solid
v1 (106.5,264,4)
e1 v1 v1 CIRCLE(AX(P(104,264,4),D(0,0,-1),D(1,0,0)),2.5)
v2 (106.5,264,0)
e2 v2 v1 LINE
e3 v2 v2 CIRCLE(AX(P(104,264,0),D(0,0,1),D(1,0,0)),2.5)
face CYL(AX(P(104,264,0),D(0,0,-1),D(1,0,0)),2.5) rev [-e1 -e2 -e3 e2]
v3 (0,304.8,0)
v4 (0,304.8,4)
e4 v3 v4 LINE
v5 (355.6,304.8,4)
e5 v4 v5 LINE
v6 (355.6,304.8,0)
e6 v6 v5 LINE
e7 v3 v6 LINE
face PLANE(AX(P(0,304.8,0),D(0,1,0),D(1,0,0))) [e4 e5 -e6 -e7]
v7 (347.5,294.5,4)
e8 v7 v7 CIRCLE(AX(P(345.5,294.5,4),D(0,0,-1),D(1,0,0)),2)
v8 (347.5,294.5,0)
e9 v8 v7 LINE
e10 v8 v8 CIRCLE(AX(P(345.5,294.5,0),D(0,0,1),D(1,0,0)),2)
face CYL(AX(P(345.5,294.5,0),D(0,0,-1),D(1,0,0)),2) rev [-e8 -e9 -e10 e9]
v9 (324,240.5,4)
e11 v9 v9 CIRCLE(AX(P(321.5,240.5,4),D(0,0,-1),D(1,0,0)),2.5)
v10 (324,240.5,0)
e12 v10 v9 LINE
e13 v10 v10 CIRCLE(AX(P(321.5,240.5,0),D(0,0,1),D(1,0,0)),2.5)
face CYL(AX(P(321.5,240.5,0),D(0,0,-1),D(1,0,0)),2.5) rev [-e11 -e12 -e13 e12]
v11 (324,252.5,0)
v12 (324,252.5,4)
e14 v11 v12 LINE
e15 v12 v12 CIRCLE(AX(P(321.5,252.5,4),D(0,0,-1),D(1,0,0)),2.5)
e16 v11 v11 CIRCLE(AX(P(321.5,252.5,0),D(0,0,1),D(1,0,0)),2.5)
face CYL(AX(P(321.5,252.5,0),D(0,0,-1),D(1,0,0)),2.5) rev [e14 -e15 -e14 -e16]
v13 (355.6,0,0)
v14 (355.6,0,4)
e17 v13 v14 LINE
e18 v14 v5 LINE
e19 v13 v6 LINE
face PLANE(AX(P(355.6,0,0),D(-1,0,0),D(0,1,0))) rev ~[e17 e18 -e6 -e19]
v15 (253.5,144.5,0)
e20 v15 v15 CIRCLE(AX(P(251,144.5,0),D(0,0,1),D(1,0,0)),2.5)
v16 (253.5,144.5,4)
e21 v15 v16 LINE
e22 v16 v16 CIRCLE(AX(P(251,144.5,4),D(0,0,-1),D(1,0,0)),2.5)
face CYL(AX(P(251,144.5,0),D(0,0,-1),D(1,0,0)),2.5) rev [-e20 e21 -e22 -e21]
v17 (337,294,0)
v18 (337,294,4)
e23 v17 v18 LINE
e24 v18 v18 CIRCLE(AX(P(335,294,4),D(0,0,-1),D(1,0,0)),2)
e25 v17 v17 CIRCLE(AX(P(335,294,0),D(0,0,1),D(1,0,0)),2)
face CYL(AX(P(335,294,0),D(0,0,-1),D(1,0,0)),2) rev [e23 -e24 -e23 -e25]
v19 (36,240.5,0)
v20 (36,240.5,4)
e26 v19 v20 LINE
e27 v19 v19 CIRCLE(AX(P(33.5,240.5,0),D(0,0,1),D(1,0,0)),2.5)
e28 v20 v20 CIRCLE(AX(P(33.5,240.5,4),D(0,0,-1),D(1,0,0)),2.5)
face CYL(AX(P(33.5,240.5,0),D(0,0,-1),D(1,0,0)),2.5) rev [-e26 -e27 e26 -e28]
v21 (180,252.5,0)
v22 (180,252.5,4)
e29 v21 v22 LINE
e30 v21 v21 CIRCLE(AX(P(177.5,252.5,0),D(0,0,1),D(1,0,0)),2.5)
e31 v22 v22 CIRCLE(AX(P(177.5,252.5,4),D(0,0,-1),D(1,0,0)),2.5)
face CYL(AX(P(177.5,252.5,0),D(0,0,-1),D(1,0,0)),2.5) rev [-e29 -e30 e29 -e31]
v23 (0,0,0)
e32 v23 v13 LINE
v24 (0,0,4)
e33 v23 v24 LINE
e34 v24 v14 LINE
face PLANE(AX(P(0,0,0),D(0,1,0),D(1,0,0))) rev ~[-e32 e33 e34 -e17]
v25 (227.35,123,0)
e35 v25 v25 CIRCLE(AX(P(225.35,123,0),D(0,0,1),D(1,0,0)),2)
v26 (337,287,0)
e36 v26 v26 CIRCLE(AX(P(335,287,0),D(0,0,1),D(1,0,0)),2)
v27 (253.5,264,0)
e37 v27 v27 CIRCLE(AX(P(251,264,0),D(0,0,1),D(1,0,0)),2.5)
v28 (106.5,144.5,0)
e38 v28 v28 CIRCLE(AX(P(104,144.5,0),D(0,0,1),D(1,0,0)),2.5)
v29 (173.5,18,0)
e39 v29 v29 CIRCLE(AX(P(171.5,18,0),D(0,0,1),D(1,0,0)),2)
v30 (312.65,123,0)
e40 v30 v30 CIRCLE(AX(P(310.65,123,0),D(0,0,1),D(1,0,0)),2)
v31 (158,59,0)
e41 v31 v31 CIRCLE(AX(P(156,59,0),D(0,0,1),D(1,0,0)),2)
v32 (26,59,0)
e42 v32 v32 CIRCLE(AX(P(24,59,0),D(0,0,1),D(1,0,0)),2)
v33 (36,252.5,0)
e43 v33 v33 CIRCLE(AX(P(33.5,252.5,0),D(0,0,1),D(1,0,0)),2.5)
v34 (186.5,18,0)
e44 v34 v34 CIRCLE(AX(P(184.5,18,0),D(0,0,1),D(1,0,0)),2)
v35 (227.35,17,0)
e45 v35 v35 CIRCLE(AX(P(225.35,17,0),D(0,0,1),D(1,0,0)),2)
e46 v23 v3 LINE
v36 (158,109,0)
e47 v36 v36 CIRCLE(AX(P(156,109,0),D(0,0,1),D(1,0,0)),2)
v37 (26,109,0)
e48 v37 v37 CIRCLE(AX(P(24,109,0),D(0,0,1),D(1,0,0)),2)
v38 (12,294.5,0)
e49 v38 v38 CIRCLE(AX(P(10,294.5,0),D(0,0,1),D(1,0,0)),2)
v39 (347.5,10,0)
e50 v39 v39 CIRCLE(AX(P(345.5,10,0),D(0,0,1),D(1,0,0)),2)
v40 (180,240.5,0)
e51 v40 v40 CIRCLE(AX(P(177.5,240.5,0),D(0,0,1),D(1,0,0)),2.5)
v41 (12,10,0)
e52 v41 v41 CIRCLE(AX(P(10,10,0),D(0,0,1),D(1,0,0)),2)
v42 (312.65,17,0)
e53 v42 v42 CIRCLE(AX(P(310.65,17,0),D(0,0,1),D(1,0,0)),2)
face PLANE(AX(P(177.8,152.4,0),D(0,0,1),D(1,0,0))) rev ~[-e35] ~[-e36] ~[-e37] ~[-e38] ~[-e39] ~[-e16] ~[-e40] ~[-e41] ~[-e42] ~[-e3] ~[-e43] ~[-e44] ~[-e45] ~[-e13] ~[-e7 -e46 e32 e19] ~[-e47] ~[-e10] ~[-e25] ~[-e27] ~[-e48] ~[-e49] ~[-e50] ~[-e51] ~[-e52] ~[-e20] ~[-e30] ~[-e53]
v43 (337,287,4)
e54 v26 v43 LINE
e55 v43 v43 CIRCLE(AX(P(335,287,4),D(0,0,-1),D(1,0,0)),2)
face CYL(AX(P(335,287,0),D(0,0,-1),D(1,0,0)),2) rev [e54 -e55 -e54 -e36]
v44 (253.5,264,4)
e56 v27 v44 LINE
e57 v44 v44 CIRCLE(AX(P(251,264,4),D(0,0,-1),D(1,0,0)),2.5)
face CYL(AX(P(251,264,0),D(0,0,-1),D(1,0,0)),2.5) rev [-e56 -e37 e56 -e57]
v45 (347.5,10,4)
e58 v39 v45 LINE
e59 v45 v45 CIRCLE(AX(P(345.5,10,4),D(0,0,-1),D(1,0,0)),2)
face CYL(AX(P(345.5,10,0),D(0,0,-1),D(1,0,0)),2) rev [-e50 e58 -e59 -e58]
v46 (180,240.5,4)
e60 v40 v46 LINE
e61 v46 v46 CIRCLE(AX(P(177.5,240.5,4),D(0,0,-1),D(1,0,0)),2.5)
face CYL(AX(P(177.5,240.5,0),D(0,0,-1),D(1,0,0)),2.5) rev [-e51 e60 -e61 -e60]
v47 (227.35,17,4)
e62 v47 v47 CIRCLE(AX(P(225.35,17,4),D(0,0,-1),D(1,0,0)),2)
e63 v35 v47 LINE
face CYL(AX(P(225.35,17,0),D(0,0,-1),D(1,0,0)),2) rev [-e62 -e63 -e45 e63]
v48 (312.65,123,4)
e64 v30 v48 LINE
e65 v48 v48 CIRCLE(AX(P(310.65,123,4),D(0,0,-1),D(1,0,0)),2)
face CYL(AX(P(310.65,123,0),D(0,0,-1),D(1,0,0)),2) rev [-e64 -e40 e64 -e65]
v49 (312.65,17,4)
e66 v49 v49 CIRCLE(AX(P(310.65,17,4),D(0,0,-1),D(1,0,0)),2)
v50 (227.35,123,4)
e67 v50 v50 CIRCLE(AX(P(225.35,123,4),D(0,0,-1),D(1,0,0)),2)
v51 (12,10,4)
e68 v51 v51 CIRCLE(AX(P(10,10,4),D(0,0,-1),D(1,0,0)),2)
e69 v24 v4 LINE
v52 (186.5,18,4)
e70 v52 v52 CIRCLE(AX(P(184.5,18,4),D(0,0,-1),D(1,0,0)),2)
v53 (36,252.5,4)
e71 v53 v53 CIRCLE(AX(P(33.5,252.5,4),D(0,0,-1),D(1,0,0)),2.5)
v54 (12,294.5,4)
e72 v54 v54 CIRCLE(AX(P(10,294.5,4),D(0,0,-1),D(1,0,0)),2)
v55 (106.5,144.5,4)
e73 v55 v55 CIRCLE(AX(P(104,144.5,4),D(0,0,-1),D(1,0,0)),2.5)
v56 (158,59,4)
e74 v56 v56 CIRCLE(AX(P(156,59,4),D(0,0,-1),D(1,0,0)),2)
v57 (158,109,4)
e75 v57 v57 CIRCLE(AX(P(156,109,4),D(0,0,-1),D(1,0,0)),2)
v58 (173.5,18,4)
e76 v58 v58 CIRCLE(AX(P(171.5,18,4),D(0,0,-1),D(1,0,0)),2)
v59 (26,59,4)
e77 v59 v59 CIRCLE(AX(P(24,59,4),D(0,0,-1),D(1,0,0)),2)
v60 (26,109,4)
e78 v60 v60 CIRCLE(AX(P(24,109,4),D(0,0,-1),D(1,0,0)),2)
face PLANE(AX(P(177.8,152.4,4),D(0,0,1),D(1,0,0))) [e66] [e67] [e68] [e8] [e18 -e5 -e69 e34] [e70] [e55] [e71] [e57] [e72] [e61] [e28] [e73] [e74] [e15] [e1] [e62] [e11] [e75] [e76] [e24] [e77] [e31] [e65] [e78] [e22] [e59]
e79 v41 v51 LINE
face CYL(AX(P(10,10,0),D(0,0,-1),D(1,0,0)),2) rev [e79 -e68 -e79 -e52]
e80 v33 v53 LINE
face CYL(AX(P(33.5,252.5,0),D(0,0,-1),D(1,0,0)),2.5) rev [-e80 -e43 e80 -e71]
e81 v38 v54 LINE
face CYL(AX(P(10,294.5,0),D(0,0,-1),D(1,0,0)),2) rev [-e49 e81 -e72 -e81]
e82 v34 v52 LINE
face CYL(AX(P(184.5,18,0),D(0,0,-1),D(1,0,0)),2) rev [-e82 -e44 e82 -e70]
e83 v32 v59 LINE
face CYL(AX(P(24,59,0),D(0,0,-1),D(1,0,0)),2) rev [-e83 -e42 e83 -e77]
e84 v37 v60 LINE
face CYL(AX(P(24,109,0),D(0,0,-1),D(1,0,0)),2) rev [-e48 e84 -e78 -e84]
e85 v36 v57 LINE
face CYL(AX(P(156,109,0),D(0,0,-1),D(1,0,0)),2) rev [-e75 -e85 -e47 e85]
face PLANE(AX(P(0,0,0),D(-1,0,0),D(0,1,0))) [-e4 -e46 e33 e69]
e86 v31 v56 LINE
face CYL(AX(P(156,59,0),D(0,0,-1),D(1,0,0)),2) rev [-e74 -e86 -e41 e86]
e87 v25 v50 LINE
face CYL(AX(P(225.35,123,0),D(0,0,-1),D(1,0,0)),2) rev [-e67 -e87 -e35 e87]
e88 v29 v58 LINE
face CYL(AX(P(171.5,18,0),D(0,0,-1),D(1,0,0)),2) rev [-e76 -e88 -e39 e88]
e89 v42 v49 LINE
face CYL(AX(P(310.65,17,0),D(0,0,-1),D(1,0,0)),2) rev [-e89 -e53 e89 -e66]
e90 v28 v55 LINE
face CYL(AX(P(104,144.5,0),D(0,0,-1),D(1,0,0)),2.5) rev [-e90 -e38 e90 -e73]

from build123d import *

# Parameters (mm, degrees)
CYLINDER086_R     = 2
CYLINDER086_DEPTH = 10
CYLINDER085_R     = 2
CYLINDER085_DEPTH = 10
CYLINDER075_R     = 2
CYLINDER075_DEPTH = 10
CYLINDER076_R     = 2
CYLINDER076_DEPTH = 10
CYLINDER074_R     = 2
CYLINDER074_DEPTH = 10
CYLINDER073_R     = 2
CYLINDER073_DEPTH = 10
CYLINDER072_R     = 2
CYLINDER072_DEPTH = 10
CYLINDER065_R     = 2
CYLINDER065_DEPTH = 10
CYLINDER070_R     = 2
CYLINDER070_DEPTH = 10
CYLINDER064_R     = 2
CYLINDER064_DEPTH = 10
CYLINDER066_R     = 2
CYLINDER066_DEPTH = 10
CYLINDER067_R     = 2
CYLINDER067_DEPTH = 10
CYLINDER069_R     = 2
CYLINDER069_DEPTH = 10
CYLINDER068_R     = 2
CYLINDER068_DEPTH = 10
CYLINDER071_R     = 2
CYLINDER071_DEPTH = 10
CYLINDER063_R     = 2
CYLINDER063_DEPTH = 10
CYLINDER045_R     = 2.5
CYLINDER045_DEPTH = 14
CYLINDER046_R     = 2.5
CYLINDER046_DEPTH = 14
CYLINDER044_R     = 2.5
CYLINDER044_DEPTH = 14
CYLINDER043_R     = 2.5
CYLINDER043_DEPTH = 14
CYLINDER041_R     = 2.5
CYLINDER041_DEPTH = 10
CYLINDER042_R     = 2.5
CYLINDER042_DEPTH = 10
CYLINDER039_R     = 2.5
CYLINDER039_DEPTH = 10
CYLINDER040_R     = 2.5
CYLINDER040_DEPTH = 10
CYLINDER023_R     = 2.5
CYLINDER023_DEPTH = 10
CYLINDER020_R     = 2.5
CYLINDER020_DEPTH = 10
BOX_W             = 355.6
BOX_H             = 304.8
BOX_DEPTH         = 4


with BuildPart() as cylinder086:
    # Cylinder086 → Cylinder086 (new body)
    with BuildSketch(Plane(origin=(335, 287, 0), x_dir=(1, 0, 0), z_dir=(0, 0, 1))):
        Circle(CYLINDER086_R)
    extrude(amount=CYLINDER086_DEPTH)


with BuildPart() as fusion050:
    # Cylinder085 → Cylinder085 (new body)
    with BuildSketch(Plane(origin=(335, 294, 0), x_dir=(1, 0, 0), z_dir=(0, 0, 1))):
        Circle(CYLINDER085_R)
    extrude(amount=CYLINDER085_DEPTH)

    # Fusion050: union Cylinder086
    add(cylinder086.part)


with BuildPart() as hold002:
    # Cylinder075 → Cylinder075 (new body)
    with BuildSketch(Plane(origin=(10, 294.5, 0), x_dir=(1, 0, 0), z_dir=(0, 0, 1))):
        Circle(CYLINDER075_R)
    extrude(amount=CYLINDER075_DEPTH)


with BuildPart() as hold003:
    # Cylinder076 → Cylinder076 (new body)
    with BuildSketch(Plane(origin=(345.5, 294.5, 0), x_dir=(1, 0, 0), z_dir=(0, 0, 1))):
        Circle(CYLINDER076_R)
    extrude(amount=CYLINDER076_DEPTH)


with BuildPart() as hold001:
    # Cylinder074 → Cylinder074 (new body)
    with BuildSketch(Plane(origin=(345.5, 10, 0), x_dir=(1, 0, 0), z_dir=(0, 0, 1))):
        Circle(CYLINDER074_R)
    extrude(amount=CYLINDER074_DEPTH)


with BuildPart() as fusion041:
    # Cylinder073 → Cylinder073 (new body)
    with BuildSketch(Plane(origin=(10, 10, 0), x_dir=(1, 0, 0), z_dir=(0, 0, 1))):
        Circle(CYLINDER073_R)
    extrude(amount=CYLINDER073_DEPTH)

    # Fusion041: union hold002, hold003, hold001
    add(hold002.part)
    add(hold003.part)
    add(hold001.part)


with BuildPart() as cylinder072:
    # Cylinder072 → Cylinder072 (new body)
    with BuildSketch(Plane(origin=(184.5, 18, 0), x_dir=(1, 0, 0), z_dir=(0, 0, 1))):
        Circle(CYLINDER072_R)
    extrude(amount=CYLINDER072_DEPTH)


with BuildPart() as cylinder065:
    # Cylinder065 → Cylinder065 (new body)
    with BuildSketch(Plane(origin=(156, 59, 0), x_dir=(1, 0, 0), z_dir=(0, 0, 1))):
        Circle(CYLINDER065_R)
    extrude(amount=CYLINDER065_DEPTH)


with BuildPart() as cylinder070:
    # Cylinder070 → Cylinder070 (new body)
    with BuildSketch(Plane(origin=(225.35, 17, 0), x_dir=(1, 0, 0), z_dir=(0, 0, 1))):
        Circle(CYLINDER070_R)
    extrude(amount=CYLINDER070_DEPTH)


with BuildPart() as cylinder064:
    # Cylinder064 → Cylinder064 (new body)
    with BuildSketch(Plane(origin=(24, 109, 0), x_dir=(1, 0, 0), z_dir=(0, 0, 1))):
        Circle(CYLINDER064_R)
    extrude(amount=CYLINDER064_DEPTH)


with BuildPart() as cylinder066:
    # Cylinder066 → Cylinder066 (new body)
    with BuildSketch(Plane(origin=(156, 109, 0), x_dir=(1, 0, 0), z_dir=(0, 0, 1))):
        Circle(CYLINDER066_R)
    extrude(amount=CYLINDER066_DEPTH)


with BuildPart() as cylinder067:
    # Cylinder067 → Cylinder067 (new body)
    with BuildSketch(Plane(origin=(225.35, 123, 0), x_dir=(1, 0, 0), z_dir=(0, 0, 1))):
        Circle(CYLINDER067_R)
    extrude(amount=CYLINDER067_DEPTH)


with BuildPart() as cylinder069:
    # Cylinder069 → Cylinder069 (new body)
    with BuildSketch(Plane(origin=(310.65, 17, 0), x_dir=(1, 0, 0), z_dir=(0, 0, 1))):
        Circle(CYLINDER069_R)
    extrude(amount=CYLINDER069_DEPTH)


with BuildPart() as cylinder068:
    # Cylinder068 → Cylinder068 (new body)
    with BuildSketch(Plane(origin=(310.65, 123, 0), x_dir=(1, 0, 0), z_dir=(0, 0, 1))):
        Circle(CYLINDER068_R)
    extrude(amount=CYLINDER068_DEPTH)


with BuildPart() as cylinder071:
    # Cylinder071 → Cylinder071 (new body)
    with BuildSketch(Plane(origin=(171.5, 18, 0), x_dir=(1, 0, 0), z_dir=(0, 0, 1))):
        Circle(CYLINDER071_R)
    extrude(amount=CYLINDER071_DEPTH)


with BuildPart() as holecuts:
    # Cylinder063 → Cylinder063 (new body)
    with BuildSketch(Plane(origin=(24, 59, 0), x_dir=(1, 0, 0), z_dir=(0, 0, 1))):
        Circle(CYLINDER063_R)
    extrude(amount=CYLINDER063_DEPTH)

    # Fusion040: union Cylinder072, Cylinder065, Cylinder070, Cylinder064, Cylinder066, Cylinder067, Cylinder069, Cylinder068, Cylinder071
    add(cylinder072.part)
    add(cylinder065.part)
    add(cylinder070.part)
    add(cylinder064.part)
    add(cylinder066.part)
    add(cylinder067.part)
    add(cylinder069.part)
    add(cylinder068.part)
    add(cylinder071.part)


with BuildPart() as m4s017:
    # Cylinder045 → Cylinder045 (new body)
    with BuildSketch(Plane(origin=(105, 264, 0), x_dir=(1, 0, 0), z_dir=(0, 0, 1))):
        Circle(CYLINDER045_R)
    extrude(amount=CYLINDER045_DEPTH)


with BuildPart() as fusion023:
    # Cylinder046 → Cylinder046 (new body)
    with BuildSketch(Plane(origin=(105, 144.5, 0), x_dir=(1, 0, 0), z_dir=(0, 0, 1))):
        Circle(CYLINDER046_R)
    extrude(amount=CYLINDER046_DEPTH)

    # Fusion023: union m4s017
    add(m4s017.part)


with BuildPart() as fusion023_1:
    # Fusion023 placement: moved
    add(fusion023.part.moved(Location((146, 0, 0))))


with BuildPart() as m4s016:
    # Cylinder044 → Cylinder044 (new body)
    with BuildSketch(Plane(origin=(105, 264, 0), x_dir=(1, 0, 0), z_dir=(0, 0, 1))):
        Circle(CYLINDER044_R)
    extrude(amount=CYLINDER044_DEPTH)


with BuildPart() as fusion024:
    # Cylinder043 → Cylinder043 (new body)
    with BuildSketch(Plane(origin=(105, 144.5, 0), x_dir=(1, 0, 0), z_dir=(0, 0, 1))):
        Circle(CYLINDER043_R)
    extrude(amount=CYLINDER043_DEPTH)

    # Fusion022: union m4s016
    add(m4s016.part)


with BuildPart() as fusion024_1:
    # Fusion022 placement: moved
    add(fusion024.part.moved(Location((-1, 0, 0))))

    # Fusion024: union Fusion023
    add(fusion023_1.part)


with BuildPart() as m4s013:
    # Cylinder041 → Cylinder041 (new body)
    with BuildSketch(Plane(origin=(177.5, 240.5, 0), x_dir=(1, 0, 0), z_dir=(0, 0, 1))):
        Circle(CYLINDER041_R)
    extrude(amount=CYLINDER041_DEPTH)


with BuildPart() as m4lowcut005:
    # Cylinder042 → Cylinder042 (new body)
    with BuildSketch(Plane(origin=(177.5, 252.5, 0), x_dir=(1, 0, 0), z_dir=(0, 0, 1))):
        Circle(CYLINDER042_R)
    extrude(amount=CYLINDER042_DEPTH)

    # Fusion020: union m4s013
    add(m4s013.part)


with BuildPart() as m4lowcut005_1:
    # Fusion020 placement: moved
    add(m4lowcut005.part.moved(Location((144, 0, 0))))


with BuildPart() as m4s011:
    # Cylinder039 → Cylinder039 (new body)
    with BuildSketch(Plane(origin=(177.5, 240.5, 0), x_dir=(1, 0, 0), z_dir=(0, 0, 1))):
        Circle(CYLINDER039_R)
    extrude(amount=CYLINDER039_DEPTH)


with BuildPart() as fusion021:
    # Cylinder040 → Cylinder040 (new body)
    with BuildSketch(Plane(origin=(177.5, 252.5, 0), x_dir=(1, 0, 0), z_dir=(0, 0, 1))):
        Circle(CYLINDER040_R)
    extrude(amount=CYLINDER040_DEPTH)

    # Fusion019: union m4s011
    add(m4s011.part)


with BuildPart() as fusion021_1:
    # Fusion019 placement: moved
    add(fusion021.part.moved(Location((-144, 0, 0))))

    # Fusion021: union m4lowCut005
    add(m4lowcut005_1.part)


with BuildPart() as m4s005:
    # Cylinder023 → Cylinder023 (new body)
    with BuildSketch(Plane(origin=(177.5, 240.5, 0), x_dir=(1, 0, 0), z_dir=(0, 0, 1))):
        Circle(CYLINDER023_R)
    extrude(amount=CYLINDER023_DEPTH)


with BuildPart() as m4lowcut002:
    # Cylinder020 → Cylinder020 (new body)
    with BuildSketch(Plane(origin=(177.5, 252.5, 0), x_dir=(1, 0, 0), z_dir=(0, 0, 1))):
        Circle(CYLINDER020_R)
    extrude(amount=CYLINDER020_DEPTH)

    # Fusion011: union m4s005
    add(m4s005.part)


with BuildPart() as metalplate003:
    # Box → Box (new body)
    with BuildSketch(Plane.XY):
        with Locations((177.8, 152.4)):
            Rectangle(BOX_W, BOX_H)
    extrude(amount=BOX_DEPTH)

    # Cut038: cut m4lowCut002
    add(m4lowcut002.part, mode=Mode.SUBTRACT)

    # Cut039: cut Fusion021
    add(fusion021_1.part, mode=Mode.SUBTRACT)

    # Cut040: cut Fusion024
    add(fusion024_1.part, mode=Mode.SUBTRACT)

    # Cut058: cut holeCuts
    add(holecuts.part, mode=Mode.SUBTRACT)

    # Cut059: cut Fusion041
    add(fusion041.part, mode=Mode.SUBTRACT)

    # Cut064: cut Fusion050
    add(fusion050.part, mode=Mode.SUBTRACT)


solid = metalplate003.part
